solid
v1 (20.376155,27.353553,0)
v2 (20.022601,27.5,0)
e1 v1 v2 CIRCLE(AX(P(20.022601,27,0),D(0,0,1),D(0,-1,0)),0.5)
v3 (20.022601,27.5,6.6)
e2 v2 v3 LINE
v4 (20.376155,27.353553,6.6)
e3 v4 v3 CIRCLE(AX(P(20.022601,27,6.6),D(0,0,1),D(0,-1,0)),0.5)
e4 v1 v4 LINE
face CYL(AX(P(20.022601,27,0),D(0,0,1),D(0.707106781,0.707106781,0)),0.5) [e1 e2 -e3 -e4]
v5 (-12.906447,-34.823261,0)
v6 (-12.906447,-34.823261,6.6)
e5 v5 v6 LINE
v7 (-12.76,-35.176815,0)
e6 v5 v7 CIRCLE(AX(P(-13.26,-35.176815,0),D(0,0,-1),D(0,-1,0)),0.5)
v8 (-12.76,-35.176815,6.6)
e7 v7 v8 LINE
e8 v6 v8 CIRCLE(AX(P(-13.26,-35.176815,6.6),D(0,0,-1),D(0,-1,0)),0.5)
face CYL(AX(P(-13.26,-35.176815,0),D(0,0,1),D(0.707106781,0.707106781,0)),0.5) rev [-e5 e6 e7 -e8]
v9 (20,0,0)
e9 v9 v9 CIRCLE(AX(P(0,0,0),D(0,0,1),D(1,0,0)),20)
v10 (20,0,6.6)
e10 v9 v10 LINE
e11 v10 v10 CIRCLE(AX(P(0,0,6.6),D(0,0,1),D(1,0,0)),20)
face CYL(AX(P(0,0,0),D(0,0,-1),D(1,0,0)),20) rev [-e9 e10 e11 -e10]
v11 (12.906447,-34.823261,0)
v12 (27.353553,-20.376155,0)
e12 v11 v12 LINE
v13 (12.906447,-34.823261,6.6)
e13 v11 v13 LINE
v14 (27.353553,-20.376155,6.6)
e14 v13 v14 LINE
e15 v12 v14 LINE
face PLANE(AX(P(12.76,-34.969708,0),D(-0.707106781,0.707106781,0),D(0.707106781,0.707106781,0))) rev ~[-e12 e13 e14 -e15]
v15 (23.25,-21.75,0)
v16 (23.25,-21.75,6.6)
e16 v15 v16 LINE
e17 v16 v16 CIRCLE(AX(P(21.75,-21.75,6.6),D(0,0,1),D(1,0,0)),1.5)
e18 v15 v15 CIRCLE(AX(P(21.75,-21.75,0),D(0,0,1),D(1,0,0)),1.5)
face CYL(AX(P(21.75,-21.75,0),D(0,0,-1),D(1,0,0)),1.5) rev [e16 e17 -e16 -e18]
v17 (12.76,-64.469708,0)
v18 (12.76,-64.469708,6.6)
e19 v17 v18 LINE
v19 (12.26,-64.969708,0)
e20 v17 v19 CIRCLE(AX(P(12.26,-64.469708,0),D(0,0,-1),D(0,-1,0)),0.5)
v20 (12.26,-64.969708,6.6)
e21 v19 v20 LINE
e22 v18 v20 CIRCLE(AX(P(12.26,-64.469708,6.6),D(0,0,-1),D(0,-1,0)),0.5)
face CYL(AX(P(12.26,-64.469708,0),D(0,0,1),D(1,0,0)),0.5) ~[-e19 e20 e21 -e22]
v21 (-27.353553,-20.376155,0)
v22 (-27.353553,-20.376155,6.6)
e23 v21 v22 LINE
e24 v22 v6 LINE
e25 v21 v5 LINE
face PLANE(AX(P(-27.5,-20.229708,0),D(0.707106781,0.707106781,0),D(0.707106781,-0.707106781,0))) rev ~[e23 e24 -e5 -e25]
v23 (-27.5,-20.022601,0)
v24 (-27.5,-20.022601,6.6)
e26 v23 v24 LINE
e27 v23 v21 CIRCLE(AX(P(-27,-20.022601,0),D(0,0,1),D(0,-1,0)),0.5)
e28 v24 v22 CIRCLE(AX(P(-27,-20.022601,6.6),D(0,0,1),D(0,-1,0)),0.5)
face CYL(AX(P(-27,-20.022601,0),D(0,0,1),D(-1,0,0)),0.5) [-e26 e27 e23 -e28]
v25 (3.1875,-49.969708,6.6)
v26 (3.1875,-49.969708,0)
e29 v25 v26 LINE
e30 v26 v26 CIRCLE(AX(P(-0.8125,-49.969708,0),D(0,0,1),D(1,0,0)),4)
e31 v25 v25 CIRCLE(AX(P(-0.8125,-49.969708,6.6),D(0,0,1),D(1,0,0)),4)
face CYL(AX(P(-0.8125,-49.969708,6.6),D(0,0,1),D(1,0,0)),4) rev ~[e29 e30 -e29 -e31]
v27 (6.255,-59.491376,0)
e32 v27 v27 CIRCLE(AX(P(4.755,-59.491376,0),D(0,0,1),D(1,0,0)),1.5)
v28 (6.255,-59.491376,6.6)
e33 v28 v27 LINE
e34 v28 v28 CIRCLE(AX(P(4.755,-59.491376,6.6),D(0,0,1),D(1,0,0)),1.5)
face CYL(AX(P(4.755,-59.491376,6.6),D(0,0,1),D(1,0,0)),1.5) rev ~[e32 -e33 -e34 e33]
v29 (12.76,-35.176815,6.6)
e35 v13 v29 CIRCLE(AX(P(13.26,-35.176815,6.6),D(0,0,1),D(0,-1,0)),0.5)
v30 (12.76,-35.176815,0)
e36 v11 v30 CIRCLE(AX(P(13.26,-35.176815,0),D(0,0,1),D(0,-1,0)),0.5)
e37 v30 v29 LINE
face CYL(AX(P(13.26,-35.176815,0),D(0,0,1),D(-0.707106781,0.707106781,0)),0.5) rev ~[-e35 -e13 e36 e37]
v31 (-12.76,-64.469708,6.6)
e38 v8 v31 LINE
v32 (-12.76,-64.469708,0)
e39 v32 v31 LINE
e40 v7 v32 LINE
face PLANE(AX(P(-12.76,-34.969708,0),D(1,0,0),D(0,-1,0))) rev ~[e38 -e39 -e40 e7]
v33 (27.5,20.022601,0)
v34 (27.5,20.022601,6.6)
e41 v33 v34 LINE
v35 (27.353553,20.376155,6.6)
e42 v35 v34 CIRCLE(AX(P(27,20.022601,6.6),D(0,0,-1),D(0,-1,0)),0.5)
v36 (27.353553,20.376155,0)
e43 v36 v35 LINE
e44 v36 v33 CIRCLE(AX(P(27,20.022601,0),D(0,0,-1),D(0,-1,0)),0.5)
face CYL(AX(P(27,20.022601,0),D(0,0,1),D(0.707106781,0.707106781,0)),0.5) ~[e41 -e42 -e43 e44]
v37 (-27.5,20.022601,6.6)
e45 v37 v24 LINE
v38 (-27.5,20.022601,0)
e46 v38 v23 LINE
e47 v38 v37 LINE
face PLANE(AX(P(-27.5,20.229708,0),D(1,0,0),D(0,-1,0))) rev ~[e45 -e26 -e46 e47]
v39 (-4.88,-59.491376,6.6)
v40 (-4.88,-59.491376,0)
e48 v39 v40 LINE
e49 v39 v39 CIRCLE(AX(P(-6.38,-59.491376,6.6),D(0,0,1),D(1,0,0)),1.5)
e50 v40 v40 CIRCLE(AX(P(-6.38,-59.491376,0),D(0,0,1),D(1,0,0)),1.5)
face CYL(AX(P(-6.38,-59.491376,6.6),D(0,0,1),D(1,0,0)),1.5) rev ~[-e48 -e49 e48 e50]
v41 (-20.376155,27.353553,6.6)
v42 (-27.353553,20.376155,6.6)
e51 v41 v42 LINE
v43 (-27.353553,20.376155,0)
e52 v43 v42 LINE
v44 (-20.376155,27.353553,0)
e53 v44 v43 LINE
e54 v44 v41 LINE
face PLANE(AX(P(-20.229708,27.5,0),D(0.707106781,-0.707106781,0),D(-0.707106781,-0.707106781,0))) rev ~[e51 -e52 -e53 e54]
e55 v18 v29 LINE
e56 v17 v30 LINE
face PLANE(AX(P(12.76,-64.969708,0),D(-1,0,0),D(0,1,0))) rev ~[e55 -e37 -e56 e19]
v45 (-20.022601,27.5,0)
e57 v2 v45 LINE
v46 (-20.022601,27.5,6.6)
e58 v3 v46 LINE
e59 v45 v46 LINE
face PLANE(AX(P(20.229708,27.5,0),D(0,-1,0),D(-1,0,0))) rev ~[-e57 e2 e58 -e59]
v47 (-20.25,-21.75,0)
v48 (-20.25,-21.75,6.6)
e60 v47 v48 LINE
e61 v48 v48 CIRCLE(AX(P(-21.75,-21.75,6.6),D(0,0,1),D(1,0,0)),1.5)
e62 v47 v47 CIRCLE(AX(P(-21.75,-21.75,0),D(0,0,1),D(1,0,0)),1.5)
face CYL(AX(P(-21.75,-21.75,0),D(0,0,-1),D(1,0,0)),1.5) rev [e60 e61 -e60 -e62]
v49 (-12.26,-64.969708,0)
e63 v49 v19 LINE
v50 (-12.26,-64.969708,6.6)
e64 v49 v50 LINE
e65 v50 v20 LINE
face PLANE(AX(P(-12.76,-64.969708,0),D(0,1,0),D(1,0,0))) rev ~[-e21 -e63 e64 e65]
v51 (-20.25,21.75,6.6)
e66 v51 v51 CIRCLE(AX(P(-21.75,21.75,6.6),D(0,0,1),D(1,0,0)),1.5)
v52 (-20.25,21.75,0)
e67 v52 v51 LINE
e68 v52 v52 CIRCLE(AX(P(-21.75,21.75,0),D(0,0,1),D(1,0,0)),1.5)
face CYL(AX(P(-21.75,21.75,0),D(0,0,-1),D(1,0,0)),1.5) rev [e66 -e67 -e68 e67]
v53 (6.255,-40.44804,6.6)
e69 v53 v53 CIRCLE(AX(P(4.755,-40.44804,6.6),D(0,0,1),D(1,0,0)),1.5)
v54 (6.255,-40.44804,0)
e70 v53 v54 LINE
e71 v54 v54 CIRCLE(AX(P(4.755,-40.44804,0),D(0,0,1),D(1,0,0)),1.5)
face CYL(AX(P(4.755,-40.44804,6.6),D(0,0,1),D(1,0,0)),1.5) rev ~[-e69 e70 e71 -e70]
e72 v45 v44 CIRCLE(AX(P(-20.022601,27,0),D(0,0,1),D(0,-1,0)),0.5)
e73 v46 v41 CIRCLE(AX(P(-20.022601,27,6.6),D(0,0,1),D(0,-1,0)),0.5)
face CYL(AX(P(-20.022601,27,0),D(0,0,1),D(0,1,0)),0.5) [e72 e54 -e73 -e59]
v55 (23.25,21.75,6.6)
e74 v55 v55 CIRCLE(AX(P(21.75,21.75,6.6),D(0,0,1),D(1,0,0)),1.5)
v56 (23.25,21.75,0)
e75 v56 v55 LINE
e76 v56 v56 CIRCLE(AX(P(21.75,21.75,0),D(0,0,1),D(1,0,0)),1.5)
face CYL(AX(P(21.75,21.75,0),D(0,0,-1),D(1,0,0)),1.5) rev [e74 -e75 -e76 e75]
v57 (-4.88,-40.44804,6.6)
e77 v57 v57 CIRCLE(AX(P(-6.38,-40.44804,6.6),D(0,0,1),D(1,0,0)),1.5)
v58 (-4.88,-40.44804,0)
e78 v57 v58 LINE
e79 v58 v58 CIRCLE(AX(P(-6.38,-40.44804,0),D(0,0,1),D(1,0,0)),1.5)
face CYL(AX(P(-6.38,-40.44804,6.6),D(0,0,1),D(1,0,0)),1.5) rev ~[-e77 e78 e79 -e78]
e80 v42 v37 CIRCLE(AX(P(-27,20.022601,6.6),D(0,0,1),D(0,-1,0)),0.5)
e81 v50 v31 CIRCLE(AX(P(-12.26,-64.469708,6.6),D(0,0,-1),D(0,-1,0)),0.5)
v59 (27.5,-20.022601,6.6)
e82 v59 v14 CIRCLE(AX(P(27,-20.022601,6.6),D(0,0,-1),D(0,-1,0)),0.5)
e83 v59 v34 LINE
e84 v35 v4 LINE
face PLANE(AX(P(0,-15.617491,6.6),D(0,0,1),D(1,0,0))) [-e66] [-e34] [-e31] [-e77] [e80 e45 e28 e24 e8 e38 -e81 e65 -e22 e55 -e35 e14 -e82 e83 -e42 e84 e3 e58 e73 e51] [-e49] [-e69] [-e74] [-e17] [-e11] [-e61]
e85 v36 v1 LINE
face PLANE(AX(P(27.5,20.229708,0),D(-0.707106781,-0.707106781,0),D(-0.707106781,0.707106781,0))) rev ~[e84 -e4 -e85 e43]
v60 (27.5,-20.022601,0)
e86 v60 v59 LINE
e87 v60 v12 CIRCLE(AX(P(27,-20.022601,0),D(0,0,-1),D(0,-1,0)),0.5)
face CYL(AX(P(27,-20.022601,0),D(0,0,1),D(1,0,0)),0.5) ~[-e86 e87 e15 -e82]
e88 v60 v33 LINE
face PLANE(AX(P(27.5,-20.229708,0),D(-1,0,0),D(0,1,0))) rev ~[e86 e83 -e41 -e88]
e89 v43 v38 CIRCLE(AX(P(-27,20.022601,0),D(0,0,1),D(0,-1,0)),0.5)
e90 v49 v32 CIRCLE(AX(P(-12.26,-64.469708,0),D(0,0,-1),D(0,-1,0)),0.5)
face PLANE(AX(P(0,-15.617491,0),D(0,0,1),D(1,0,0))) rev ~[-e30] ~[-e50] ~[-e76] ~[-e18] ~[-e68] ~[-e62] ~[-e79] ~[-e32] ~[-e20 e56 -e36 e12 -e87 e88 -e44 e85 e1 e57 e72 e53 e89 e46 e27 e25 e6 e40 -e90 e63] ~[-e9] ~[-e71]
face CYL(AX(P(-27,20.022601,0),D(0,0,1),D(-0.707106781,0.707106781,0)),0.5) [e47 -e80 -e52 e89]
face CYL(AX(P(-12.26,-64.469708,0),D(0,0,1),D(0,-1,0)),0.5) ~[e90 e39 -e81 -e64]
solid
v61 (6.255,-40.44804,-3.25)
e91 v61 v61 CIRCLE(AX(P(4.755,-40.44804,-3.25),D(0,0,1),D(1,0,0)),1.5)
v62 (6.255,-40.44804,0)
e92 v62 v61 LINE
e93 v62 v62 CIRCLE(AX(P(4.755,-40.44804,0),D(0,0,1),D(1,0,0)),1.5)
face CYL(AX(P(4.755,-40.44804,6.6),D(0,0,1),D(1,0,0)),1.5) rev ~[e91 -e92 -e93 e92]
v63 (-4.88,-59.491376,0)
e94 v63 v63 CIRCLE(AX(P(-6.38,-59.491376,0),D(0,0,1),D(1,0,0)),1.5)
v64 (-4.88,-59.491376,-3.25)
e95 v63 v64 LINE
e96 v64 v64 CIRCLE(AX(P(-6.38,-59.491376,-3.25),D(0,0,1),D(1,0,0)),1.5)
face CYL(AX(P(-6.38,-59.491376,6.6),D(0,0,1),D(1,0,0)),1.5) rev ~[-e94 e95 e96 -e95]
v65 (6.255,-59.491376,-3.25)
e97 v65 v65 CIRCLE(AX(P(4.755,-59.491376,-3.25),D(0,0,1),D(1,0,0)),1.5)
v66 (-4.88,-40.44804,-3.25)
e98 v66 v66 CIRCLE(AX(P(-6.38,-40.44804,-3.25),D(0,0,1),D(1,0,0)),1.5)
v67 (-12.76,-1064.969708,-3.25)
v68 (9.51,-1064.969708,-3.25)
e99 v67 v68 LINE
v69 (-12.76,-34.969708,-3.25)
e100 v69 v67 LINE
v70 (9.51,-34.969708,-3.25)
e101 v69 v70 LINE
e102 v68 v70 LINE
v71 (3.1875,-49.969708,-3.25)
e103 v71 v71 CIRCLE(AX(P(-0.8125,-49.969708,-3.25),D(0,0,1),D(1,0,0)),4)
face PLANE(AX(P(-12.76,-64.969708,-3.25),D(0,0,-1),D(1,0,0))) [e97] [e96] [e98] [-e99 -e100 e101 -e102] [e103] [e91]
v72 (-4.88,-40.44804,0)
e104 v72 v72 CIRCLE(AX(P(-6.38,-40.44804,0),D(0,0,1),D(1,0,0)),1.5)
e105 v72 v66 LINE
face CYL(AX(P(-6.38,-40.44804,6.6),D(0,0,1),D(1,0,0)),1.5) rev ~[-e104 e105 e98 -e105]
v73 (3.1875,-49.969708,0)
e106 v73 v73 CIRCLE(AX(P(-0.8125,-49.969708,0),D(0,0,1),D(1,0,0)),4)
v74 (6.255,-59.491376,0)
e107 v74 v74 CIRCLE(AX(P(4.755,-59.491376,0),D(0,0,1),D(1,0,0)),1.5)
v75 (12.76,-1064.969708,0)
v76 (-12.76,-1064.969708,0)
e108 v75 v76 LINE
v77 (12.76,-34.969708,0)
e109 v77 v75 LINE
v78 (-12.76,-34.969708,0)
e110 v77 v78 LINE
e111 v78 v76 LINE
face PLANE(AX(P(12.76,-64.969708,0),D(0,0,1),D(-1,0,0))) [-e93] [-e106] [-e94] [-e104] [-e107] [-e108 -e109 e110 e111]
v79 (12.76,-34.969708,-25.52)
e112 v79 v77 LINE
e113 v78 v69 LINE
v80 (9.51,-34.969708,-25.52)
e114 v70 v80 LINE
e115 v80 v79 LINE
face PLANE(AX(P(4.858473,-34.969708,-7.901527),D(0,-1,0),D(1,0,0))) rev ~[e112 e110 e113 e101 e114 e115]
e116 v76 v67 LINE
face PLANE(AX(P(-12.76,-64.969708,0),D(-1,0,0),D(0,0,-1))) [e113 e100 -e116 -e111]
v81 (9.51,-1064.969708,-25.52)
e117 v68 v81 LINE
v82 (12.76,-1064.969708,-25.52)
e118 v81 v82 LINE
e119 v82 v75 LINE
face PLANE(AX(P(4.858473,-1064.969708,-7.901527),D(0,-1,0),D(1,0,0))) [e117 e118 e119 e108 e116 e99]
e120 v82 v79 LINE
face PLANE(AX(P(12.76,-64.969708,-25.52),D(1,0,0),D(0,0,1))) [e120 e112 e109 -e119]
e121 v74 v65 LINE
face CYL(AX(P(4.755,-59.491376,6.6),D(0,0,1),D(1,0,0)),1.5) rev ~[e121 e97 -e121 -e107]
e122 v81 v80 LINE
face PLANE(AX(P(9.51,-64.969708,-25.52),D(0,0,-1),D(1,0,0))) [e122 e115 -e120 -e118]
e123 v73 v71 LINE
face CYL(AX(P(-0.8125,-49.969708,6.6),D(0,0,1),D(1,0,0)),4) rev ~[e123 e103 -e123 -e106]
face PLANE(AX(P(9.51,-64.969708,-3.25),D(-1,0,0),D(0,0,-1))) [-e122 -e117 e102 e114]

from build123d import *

# Parameters (mm, degrees)
F0_R          = 1.5
F0_R_2        = 20
F1_DEPTH      = 6.6
F3_DEPTH      = 1000
F3_DEPTH_BACK = 30
F4_R          = 1.5
F4_R_2        = 4
F5_DEPTH      = 32.121
F6_R          = 0.5


with BuildPart() as f1:
    # F0 (on Top) → F1 (new body)
    with BuildSketch(Plane.XY):
        Polygon((27.5, 20.229708), (20.229708, 27.5), (-20.229708, 27.5), (-27.5, 20.229708), (-27.5, -20.229708), (-20.229708, -27.5), (-12.76, -34.969708), (-12.76, -64.969708), (12.76, -64.969708), (12.76, -34.969708), (20.229708, -27.5), (27.5, -20.229708), align=None)
        with Locations((-21.75, -21.75)):
            Circle(F0_R, mode=Mode.SUBTRACT)
        with Locations((21.75, -21.75)):
            Circle(F0_R, mode=Mode.SUBTRACT)
        with Locations((-21.75, 21.75)):
            Circle(F0_R, mode=Mode.SUBTRACT)
        Circle(F0_R_2, mode=Mode.SUBTRACT)
        with Locations((21.75, 21.75)):
            Circle(F0_R, mode=Mode.SUBTRACT)
    extrude(amount=F1_DEPTH)


with BuildPart() as f3:
    # F2 (on face) → F3 (new body, two sides)
    with BuildSketch(Plane.XZ.offset(64.969708)) as f3_sk:
        Polygon((12.76, -25.52), (12.76, 0), (-12.76, 0), (-12.76, -3.25), (9.51, -3.25), (9.51, -25.52), align=None)
    extrude(amount=F3_DEPTH)
    extrude(f3_sk.sketch, amount=-F3_DEPTH_BACK)


with BuildPart() as f5_tool:
    # F4 (on face) → F5 (new body, through all)
    with BuildSketch(Plane.XY.offset(6.6)):
        with Locations((-6.38, -40.44804)):
            Circle(F4_R)
        with Locations((4.755, -40.44804)):
            Circle(F4_R)
        with Locations((-6.38, -59.491376)):
            Circle(F4_R)
        with Locations((4.755, -59.491376)):
            Circle(F4_R)
        with Locations((-0.8125, -49.969708)):
            Circle(F4_R_2)
    extrude(amount=-F5_DEPTH)


with BuildPart() as f1_1:
    add(f1.part)

    # F5: cut by f5_tool
    add(f5_tool.part, mode=Mode.SUBTRACT)

    # F6
    f6_edges = [f1_1.edges().sort_by_distance(p)[0] for p in [
        (12.76, -64.969708, 3.3),
        (-12.76, -64.969708, 3.3),
        (27.5, -20.229708, 3.3),
        (12.76, -34.969708, 3.3),
        (-12.76, -34.969708, 3.3),
        (-27.5, -20.229708, 3.3),
        (27.5, 20.229708, 3.3),
        (20.229708, 27.5, 3.3),
        (-20.229708, 27.5, 3.3),
        (-27.5, 20.229708, 3.3),
    ]]
    fillet(f6_edges, radius=F6_R)


with BuildPart() as f3_1:
    add(f3.part)

    # F5: cut by f5_tool
    add(f5_tool.part, mode=Mode.SUBTRACT)


solid = Compound([f1_1.part, f3_1.part])
